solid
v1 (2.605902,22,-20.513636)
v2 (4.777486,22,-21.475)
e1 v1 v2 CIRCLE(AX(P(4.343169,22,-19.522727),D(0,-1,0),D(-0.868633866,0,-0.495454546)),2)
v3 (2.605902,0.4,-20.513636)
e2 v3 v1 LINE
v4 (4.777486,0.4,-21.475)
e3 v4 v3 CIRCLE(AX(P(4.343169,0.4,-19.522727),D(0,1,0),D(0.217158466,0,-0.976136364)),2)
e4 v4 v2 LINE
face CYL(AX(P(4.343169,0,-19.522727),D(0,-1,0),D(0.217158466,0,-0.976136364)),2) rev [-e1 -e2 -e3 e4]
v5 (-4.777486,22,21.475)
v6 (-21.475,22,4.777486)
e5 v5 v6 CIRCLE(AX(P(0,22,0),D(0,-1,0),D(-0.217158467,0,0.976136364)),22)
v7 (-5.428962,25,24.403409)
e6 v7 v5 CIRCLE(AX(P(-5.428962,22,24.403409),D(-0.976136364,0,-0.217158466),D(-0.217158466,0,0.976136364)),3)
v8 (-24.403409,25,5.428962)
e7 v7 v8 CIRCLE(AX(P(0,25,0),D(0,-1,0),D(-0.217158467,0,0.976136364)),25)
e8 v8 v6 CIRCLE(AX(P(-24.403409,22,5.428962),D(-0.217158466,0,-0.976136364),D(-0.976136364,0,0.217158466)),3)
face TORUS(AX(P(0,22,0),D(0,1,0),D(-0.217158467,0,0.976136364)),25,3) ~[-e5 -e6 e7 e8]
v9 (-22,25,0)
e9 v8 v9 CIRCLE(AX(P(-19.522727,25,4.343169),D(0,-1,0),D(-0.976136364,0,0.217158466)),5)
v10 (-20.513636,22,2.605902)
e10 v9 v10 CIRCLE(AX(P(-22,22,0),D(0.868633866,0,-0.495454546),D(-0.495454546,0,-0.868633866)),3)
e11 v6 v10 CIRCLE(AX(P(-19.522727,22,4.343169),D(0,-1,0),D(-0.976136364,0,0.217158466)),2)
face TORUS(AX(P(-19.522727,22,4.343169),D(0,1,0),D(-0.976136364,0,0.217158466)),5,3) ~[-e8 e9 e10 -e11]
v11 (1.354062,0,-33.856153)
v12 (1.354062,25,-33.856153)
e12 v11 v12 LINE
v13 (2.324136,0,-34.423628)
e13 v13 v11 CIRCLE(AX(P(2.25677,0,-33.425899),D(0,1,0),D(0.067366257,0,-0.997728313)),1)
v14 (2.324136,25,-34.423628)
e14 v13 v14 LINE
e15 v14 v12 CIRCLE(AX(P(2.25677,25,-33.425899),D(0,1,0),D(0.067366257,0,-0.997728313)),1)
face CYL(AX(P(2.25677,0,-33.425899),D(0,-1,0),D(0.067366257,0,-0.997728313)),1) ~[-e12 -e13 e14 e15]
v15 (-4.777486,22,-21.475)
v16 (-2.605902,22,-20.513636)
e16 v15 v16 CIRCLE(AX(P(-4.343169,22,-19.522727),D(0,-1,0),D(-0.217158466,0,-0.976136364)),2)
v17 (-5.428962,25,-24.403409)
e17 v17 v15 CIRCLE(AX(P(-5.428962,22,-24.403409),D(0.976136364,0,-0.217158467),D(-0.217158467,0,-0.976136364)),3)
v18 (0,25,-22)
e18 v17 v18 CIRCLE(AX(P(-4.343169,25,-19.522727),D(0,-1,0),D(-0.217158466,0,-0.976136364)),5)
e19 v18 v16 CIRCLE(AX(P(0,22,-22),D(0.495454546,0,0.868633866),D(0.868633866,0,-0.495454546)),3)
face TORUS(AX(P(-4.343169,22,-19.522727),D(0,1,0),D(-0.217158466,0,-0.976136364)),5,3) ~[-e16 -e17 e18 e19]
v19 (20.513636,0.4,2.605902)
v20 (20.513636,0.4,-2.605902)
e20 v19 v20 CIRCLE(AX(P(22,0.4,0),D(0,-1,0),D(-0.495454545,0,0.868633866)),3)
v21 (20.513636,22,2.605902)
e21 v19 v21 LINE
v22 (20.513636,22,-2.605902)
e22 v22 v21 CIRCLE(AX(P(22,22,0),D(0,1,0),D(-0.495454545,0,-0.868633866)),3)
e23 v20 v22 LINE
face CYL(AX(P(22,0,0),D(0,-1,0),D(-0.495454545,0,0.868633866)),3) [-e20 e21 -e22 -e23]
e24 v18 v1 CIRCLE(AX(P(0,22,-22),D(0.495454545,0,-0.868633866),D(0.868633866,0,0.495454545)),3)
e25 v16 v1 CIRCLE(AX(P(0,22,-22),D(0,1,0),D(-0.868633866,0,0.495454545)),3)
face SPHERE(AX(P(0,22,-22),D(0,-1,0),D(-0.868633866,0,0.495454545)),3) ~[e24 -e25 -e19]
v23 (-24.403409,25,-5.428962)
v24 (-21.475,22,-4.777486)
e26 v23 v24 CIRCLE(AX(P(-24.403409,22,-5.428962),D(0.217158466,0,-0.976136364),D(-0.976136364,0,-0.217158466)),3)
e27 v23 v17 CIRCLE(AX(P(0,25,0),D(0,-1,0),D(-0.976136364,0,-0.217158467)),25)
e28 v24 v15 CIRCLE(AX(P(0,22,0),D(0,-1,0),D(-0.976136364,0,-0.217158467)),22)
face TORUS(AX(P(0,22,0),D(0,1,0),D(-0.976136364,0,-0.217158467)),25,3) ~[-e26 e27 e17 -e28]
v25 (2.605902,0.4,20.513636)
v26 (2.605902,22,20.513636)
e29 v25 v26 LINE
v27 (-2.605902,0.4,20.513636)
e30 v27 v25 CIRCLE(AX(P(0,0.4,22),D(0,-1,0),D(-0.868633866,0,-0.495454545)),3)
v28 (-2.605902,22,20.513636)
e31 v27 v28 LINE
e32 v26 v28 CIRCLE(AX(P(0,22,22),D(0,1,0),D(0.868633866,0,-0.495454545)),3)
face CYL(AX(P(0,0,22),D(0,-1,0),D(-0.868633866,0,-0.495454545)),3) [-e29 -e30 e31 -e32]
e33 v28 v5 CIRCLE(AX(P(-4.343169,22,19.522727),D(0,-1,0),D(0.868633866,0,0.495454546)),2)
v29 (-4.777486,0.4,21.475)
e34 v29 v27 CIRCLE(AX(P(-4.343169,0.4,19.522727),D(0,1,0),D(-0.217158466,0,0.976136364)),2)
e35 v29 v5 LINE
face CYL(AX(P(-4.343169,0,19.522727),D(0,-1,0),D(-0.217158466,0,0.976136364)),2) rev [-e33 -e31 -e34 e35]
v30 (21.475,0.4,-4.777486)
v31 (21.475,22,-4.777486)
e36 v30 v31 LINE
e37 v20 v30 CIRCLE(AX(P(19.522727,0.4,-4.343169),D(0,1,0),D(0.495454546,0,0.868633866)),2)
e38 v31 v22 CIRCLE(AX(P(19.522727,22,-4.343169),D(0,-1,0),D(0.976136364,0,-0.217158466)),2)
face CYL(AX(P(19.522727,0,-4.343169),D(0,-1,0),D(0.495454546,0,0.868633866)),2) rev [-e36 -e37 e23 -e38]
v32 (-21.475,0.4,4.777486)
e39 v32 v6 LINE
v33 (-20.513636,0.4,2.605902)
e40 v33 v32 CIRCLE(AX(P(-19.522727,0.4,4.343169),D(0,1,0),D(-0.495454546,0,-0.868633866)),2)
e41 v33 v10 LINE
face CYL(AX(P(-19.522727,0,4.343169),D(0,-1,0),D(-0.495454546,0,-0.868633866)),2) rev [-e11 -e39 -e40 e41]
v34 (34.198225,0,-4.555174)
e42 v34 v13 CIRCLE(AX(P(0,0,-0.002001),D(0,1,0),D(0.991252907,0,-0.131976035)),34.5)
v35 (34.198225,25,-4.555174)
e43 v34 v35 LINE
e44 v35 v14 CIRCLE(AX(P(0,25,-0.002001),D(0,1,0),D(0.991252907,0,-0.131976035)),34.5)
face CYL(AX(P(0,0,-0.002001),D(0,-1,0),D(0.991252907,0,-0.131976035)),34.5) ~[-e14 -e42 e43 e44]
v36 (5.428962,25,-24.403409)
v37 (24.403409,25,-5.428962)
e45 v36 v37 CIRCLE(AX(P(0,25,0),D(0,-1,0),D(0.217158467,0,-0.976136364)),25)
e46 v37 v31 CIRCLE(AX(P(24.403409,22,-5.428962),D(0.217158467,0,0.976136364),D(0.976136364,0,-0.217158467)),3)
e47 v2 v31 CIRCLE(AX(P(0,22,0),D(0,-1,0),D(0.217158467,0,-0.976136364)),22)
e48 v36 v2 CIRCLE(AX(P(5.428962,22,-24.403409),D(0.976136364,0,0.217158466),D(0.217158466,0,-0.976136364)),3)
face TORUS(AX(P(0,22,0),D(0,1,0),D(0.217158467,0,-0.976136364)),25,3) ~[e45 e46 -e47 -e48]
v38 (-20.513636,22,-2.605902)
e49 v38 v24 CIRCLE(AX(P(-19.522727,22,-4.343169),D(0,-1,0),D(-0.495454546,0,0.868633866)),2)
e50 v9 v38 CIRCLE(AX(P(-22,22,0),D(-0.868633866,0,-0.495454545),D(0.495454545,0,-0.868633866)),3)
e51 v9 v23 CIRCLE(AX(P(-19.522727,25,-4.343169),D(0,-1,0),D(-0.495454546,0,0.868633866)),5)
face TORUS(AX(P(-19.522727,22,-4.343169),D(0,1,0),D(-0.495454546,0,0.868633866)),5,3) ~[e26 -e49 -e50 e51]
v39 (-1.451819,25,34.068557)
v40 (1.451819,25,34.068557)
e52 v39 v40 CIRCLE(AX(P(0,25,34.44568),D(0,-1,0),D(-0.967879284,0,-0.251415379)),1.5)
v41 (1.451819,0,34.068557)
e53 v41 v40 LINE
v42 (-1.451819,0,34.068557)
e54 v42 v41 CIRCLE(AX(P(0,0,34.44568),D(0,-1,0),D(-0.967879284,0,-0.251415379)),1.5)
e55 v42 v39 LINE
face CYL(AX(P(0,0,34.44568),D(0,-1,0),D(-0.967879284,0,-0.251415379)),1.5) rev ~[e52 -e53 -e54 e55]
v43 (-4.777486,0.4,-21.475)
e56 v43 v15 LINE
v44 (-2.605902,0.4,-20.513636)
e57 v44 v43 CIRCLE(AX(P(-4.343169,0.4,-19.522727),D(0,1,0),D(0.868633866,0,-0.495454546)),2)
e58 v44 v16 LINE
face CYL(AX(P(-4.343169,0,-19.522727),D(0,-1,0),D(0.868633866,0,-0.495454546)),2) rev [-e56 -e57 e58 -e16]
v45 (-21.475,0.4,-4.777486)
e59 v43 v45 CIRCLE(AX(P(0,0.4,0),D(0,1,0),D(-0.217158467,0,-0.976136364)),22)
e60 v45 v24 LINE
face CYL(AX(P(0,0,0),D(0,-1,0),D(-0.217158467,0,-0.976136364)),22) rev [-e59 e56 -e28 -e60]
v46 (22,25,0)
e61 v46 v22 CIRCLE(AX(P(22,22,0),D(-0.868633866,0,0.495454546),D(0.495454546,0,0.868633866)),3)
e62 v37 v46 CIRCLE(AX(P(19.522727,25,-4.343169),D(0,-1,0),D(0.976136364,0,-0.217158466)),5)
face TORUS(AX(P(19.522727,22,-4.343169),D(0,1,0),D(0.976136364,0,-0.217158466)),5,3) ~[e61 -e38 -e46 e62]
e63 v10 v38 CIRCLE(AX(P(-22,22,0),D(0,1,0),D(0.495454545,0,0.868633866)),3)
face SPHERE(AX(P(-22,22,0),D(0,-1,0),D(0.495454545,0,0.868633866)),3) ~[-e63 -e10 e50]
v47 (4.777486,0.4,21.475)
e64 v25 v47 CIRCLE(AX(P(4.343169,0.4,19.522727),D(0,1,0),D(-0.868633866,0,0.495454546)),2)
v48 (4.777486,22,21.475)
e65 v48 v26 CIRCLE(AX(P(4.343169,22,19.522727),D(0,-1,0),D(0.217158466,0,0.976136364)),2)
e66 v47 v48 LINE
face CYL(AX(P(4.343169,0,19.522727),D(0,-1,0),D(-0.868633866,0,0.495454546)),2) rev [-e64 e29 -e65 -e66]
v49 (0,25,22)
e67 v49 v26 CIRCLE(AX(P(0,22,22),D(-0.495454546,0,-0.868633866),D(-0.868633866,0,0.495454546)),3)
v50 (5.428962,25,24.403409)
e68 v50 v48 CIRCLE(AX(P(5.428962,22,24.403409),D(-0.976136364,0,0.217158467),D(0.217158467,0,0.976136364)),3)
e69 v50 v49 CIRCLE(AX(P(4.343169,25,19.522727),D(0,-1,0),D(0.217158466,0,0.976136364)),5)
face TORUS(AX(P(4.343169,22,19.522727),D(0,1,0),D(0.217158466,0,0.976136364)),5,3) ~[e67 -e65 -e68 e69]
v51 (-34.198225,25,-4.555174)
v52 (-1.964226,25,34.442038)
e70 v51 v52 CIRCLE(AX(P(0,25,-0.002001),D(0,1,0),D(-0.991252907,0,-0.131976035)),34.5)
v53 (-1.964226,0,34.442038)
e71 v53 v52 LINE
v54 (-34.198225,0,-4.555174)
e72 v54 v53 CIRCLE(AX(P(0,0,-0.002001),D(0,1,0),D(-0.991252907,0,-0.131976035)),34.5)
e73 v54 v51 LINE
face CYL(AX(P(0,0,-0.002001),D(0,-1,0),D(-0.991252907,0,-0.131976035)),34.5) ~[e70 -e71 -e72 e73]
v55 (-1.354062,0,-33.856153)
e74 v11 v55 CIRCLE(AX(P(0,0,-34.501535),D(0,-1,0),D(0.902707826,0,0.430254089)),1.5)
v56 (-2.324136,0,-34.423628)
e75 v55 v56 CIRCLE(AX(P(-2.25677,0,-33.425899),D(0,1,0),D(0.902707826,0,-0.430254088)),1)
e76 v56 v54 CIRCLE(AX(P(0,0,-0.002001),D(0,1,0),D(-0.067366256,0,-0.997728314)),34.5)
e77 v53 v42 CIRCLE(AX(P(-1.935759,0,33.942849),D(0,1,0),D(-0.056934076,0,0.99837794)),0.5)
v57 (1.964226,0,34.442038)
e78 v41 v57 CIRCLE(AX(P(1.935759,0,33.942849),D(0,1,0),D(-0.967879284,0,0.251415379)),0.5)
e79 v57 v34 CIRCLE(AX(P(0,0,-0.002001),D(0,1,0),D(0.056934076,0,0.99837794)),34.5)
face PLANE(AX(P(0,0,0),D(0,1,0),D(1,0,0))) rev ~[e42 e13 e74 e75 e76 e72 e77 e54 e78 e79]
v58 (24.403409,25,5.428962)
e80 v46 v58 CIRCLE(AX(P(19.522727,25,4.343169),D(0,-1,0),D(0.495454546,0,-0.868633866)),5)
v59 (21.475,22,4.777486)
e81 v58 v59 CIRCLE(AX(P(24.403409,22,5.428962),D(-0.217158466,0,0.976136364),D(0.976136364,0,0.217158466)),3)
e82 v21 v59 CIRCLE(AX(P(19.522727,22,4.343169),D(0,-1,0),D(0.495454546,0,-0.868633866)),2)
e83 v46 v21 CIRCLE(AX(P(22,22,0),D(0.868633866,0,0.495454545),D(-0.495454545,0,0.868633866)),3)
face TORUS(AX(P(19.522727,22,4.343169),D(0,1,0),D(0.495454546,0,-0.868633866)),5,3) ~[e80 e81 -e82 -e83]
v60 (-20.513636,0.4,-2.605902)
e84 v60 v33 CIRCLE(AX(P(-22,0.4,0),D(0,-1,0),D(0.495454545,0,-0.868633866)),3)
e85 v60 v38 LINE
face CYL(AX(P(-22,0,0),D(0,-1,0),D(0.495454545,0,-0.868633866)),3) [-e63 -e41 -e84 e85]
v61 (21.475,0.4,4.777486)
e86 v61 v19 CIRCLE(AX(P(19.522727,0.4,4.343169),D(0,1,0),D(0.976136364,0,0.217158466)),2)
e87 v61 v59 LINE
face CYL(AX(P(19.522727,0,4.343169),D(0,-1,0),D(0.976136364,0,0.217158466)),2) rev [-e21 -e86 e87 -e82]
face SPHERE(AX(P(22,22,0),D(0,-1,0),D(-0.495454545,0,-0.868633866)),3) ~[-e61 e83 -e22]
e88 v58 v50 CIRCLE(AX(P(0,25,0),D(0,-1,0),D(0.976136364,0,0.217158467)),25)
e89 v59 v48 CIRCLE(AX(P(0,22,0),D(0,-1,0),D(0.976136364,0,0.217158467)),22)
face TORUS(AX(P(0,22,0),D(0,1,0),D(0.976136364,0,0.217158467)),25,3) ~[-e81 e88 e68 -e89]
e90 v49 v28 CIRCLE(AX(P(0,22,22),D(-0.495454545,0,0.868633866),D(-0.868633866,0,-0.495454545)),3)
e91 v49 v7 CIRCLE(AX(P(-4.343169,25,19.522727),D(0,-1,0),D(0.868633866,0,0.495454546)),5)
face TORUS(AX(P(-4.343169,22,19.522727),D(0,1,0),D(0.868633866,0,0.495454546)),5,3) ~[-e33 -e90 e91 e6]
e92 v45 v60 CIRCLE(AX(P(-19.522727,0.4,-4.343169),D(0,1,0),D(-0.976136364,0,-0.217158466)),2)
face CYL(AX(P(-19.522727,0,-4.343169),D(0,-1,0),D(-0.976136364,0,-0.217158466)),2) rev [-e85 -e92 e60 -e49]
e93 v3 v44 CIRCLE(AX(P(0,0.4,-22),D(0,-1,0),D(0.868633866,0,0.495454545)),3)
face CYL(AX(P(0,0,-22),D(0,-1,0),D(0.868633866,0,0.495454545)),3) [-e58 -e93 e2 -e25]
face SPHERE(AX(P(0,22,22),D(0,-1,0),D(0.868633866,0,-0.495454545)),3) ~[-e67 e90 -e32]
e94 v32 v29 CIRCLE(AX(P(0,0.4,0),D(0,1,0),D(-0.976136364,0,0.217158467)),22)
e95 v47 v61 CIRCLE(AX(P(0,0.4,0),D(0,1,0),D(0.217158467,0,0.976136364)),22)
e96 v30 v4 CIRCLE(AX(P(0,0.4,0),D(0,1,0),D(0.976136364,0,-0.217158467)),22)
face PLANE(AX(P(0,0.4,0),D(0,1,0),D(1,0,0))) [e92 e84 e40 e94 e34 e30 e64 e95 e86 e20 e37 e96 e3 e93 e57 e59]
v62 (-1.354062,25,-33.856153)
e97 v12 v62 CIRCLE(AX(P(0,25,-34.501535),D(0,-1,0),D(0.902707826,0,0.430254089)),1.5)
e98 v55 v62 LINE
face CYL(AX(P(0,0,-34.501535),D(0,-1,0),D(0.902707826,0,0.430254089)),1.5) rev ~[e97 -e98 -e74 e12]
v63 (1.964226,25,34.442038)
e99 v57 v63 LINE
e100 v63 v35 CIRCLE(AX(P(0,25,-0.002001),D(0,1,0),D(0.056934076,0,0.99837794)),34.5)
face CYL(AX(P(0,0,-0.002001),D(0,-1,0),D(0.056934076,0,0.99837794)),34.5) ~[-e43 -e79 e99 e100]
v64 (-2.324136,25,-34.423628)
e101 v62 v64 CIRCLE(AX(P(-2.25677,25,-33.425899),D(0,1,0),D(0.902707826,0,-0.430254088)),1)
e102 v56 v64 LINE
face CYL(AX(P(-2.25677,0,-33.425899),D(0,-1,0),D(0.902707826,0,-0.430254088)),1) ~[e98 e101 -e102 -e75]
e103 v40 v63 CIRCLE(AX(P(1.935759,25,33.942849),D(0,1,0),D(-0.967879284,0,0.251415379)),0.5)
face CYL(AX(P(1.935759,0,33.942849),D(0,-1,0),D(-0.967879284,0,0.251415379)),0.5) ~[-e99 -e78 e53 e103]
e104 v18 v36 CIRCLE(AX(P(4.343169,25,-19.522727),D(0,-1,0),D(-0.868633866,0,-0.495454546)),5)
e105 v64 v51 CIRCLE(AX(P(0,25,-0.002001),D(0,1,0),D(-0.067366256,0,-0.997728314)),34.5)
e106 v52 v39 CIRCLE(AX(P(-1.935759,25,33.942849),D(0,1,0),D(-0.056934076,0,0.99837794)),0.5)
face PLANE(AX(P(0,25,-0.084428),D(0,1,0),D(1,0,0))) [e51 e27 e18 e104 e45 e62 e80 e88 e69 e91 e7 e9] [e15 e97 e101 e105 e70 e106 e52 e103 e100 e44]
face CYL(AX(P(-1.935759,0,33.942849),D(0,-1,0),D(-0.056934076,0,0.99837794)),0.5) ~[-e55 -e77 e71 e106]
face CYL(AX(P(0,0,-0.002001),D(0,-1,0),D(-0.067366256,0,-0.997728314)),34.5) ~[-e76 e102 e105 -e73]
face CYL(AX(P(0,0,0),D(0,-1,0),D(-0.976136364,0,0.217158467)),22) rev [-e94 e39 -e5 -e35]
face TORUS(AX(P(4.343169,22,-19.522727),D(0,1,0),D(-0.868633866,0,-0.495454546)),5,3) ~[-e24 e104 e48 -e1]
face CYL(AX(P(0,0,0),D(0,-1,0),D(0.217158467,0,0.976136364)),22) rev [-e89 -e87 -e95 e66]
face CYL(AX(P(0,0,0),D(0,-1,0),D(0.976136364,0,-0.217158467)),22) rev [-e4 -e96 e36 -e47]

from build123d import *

# Parameters (mm, degrees)
BOSS_EXTRUDE1_DEPTH = 25
CUT_EXTRUDE2_DEPTH  = 26
BOSS_EXTRUDE2_DEPTH = 0.4
FILLET1_R           = 3


with BuildPart() as part:
    # Sketch1 → Boss-Extrude1 (new body)
    with BuildSketch(Plane(origin=(0, 0, 0), x_dir=(1, 0, 0), z_dir=(0, 1, 0))):
        with BuildLine():
            ThreePointArc((1.451818925, -34.068556857), (1.641248992, -34.346908706), (1.964225605, -34.442038138))
            ThreePointArc((1.964225605, -34.442038138), (26.591847487, -21.978073076), (34.198225299, 4.555174015))
            ThreePointArc((34.198225299, 4.555174015), (23.590291339, 25.176355888), (2.324135821, 34.423627607))
            ThreePointArc((2.324135821, 34.423627607), (1.751838249, 34.289058819), (1.354061739, 33.856153382))
            ThreePointArc((1.354061739, 33.856153382), (0, 33.001534515), (-1.354061739, 33.856153382))
            ThreePointArc((-1.354061739, 33.856153382), (-1.751838249, 34.289058819), (-2.324135821, 34.423627607))
            ThreePointArc((-2.324135821, 34.423627607), (-23.590291339, 25.176355888), (-34.198225299, 4.555174015))
            ThreePointArc((-34.198225299, 4.555174015), (-26.591847487, -21.978073076), (-1.964225605, -34.442038138))
            ThreePointArc((-1.964225605, -34.442038138), (-1.641248992, -34.346908706), (-1.451818925, -34.068556857))
            ThreePointArc((-1.451818925, -34.068556857), (0, -32.945679925), (1.451818925, -34.068556857))
        make_face()
        with BuildLine():
            Line((-2.417, 3.787737139), (0, 3.787737139))
            Line((0, 3.787737139), (2.417, 3.787737139))
            ThreePointArc((2.417, 3.787737139), (0, -4.489512172), (-2.417, 3.787737139))
        make_face(mode=Mode.SUBTRACT)
    extrude(amount=BOSS_EXTRUDE1_DEPTH)

    # Sketch2 → Cut-Extrude2 (cut, through all)
    with BuildSketch(Plane(origin=(0, 0, 0), x_dir=(1, 0, 0), z_dir=(0, 1, 0))):
        with BuildLine():
            ThreePointArc((-21.475, -4.777486264), (-15.556349186, -15.556349186), (-4.777486264, -21.475))
            ThreePointArc((-4.777486264, -21.475), (-3.533555097, -21.35153147), (-2.605901598, -20.513636364))
            ThreePointArc((-2.605901598, -20.513636364), (0, -19), (2.605901598, -20.513636364))
            ThreePointArc((2.605901598, -20.513636364), (3.533555097, -21.35153147), (4.777486264, -21.475))
            ThreePointArc((4.777486264, -21.475), (15.556349186, -15.556349186), (21.475, -4.777486264))
            ThreePointArc((21.475, -4.777486264), (21.35153147, -3.533555097), (20.513636364, -2.605901598))
            ThreePointArc((20.513636364, -2.605901598), (19, 0), (20.513636364, 2.605901598))
            ThreePointArc((20.513636364, 2.605901598), (21.35153147, 3.533555097), (21.475, 4.777486264))
            ThreePointArc((21.475, 4.777486264), (15.556349186, 15.556349186), (4.777486264, 21.475))
            ThreePointArc((4.777486264, 21.475), (3.533555097, 21.35153147), (2.605901598, 20.513636364))
            ThreePointArc((2.605901598, 20.513636364), (0, 19), (-2.605901598, 20.513636364))
            ThreePointArc((-2.605901598, 20.513636364), (-3.533555097, 21.35153147), (-4.777486264, 21.475))
            ThreePointArc((-4.777486264, 21.475), (-15.556349186, 15.556349186), (-21.475, 4.777486264))
            ThreePointArc((-21.475, 4.777486264), (-21.35153147, 3.533555097), (-20.513636364, 2.605901598))
            ThreePointArc((-20.513636364, 2.605901598), (-19, 0), (-20.513636364, -2.605901598))
            ThreePointArc((-20.513636364, -2.605901598), (-21.35153147, -3.533555097), (-21.475, -4.777486264))
        make_face()
    extrude(amount=CUT_EXTRUDE2_DEPTH, mode=Mode.SUBTRACT)

    # Sketch2<2> → Boss-Extrude2 (add)
    with BuildSketch(Plane(origin=(0, 0, 0), x_dir=(1, 0, 0), z_dir=(0, 1, 0))):
        with BuildLine():
            ThreePointArc((-21.475, -4.777486264), (-15.556349186, -15.556349186), (-4.777486264, -21.475))
            ThreePointArc((-4.777486264, -21.475), (-3.533555097, -21.35153147), (-2.605901598, -20.513636364))
            ThreePointArc((-2.605901598, -20.513636364), (0, -19), (2.605901598, -20.513636364))
            ThreePointArc((2.605901598, -20.513636364), (3.533555097, -21.35153147), (4.777486264, -21.475))
            ThreePointArc((4.777486264, -21.475), (15.556349186, -15.556349186), (21.475, -4.777486264))
            ThreePointArc((21.475, -4.777486264), (21.35153147, -3.533555097), (20.513636364, -2.605901598))
            ThreePointArc((20.513636364, -2.605901598), (19, 0), (20.513636364, 2.605901598))
            ThreePointArc((20.513636364, 2.605901598), (21.35153147, 3.533555097), (21.475, 4.777486264))
            ThreePointArc((21.475, 4.777486264), (15.556349186, 15.556349186), (4.777486264, 21.475))
            ThreePointArc((4.777486264, 21.475), (3.533555097, 21.35153147), (2.605901598, 20.513636364))
            ThreePointArc((2.605901598, 20.513636364), (0, 19), (-2.605901598, 20.513636364))
            ThreePointArc((-2.605901598, 20.513636364), (-3.533555097, 21.35153147), (-4.777486264, 21.475))
            ThreePointArc((-4.777486264, 21.475), (-15.556349186, 15.556349186), (-21.475, 4.777486264))
            ThreePointArc((-21.475, 4.777486264), (-21.35153147, 3.533555097), (-20.513636364, 2.605901598))
            ThreePointArc((-20.513636364, 2.605901598), (-19, 0), (-20.513636364, -2.605901598))
            ThreePointArc((-20.513636364, -2.605901598), (-21.35153147, -3.533555097), (-21.475, -4.777486264))
        make_face()
    extrude(amount=BOSS_EXTRUDE2_DEPTH)

    # Fillet1
    fillet1_edges = [part.edges().sort_by_distance(p)[0] for p in [
        (-21.35153147, 25, 3.533555097),
        (-15.556349186, 25, 15.556349186),
        (-3.533555097, 25, 21.35153147),
        (0, 25, 19),
        (3.533555097, 25, 21.35153147),
        (15.556349186, 25, 15.556349186),
        (21.35153147, 25, 3.533555097),
        (19, 25, 0),
        (21.35153147, 25, -3.533555097),
        (15.556349186, 25, -15.556349186),
        (3.533555097, 25, -21.35153147),
        (0, 25, -19),
        (-3.533555097, 25, -21.35153147),
        (-15.556349186, 25, -15.556349186),
        (-21.35153147, 25, -3.533555097),
        (-19, 25, 0),
    ]]
    fillet(fillet1_edges, radius=FILLET1_R)


solid = part.part
